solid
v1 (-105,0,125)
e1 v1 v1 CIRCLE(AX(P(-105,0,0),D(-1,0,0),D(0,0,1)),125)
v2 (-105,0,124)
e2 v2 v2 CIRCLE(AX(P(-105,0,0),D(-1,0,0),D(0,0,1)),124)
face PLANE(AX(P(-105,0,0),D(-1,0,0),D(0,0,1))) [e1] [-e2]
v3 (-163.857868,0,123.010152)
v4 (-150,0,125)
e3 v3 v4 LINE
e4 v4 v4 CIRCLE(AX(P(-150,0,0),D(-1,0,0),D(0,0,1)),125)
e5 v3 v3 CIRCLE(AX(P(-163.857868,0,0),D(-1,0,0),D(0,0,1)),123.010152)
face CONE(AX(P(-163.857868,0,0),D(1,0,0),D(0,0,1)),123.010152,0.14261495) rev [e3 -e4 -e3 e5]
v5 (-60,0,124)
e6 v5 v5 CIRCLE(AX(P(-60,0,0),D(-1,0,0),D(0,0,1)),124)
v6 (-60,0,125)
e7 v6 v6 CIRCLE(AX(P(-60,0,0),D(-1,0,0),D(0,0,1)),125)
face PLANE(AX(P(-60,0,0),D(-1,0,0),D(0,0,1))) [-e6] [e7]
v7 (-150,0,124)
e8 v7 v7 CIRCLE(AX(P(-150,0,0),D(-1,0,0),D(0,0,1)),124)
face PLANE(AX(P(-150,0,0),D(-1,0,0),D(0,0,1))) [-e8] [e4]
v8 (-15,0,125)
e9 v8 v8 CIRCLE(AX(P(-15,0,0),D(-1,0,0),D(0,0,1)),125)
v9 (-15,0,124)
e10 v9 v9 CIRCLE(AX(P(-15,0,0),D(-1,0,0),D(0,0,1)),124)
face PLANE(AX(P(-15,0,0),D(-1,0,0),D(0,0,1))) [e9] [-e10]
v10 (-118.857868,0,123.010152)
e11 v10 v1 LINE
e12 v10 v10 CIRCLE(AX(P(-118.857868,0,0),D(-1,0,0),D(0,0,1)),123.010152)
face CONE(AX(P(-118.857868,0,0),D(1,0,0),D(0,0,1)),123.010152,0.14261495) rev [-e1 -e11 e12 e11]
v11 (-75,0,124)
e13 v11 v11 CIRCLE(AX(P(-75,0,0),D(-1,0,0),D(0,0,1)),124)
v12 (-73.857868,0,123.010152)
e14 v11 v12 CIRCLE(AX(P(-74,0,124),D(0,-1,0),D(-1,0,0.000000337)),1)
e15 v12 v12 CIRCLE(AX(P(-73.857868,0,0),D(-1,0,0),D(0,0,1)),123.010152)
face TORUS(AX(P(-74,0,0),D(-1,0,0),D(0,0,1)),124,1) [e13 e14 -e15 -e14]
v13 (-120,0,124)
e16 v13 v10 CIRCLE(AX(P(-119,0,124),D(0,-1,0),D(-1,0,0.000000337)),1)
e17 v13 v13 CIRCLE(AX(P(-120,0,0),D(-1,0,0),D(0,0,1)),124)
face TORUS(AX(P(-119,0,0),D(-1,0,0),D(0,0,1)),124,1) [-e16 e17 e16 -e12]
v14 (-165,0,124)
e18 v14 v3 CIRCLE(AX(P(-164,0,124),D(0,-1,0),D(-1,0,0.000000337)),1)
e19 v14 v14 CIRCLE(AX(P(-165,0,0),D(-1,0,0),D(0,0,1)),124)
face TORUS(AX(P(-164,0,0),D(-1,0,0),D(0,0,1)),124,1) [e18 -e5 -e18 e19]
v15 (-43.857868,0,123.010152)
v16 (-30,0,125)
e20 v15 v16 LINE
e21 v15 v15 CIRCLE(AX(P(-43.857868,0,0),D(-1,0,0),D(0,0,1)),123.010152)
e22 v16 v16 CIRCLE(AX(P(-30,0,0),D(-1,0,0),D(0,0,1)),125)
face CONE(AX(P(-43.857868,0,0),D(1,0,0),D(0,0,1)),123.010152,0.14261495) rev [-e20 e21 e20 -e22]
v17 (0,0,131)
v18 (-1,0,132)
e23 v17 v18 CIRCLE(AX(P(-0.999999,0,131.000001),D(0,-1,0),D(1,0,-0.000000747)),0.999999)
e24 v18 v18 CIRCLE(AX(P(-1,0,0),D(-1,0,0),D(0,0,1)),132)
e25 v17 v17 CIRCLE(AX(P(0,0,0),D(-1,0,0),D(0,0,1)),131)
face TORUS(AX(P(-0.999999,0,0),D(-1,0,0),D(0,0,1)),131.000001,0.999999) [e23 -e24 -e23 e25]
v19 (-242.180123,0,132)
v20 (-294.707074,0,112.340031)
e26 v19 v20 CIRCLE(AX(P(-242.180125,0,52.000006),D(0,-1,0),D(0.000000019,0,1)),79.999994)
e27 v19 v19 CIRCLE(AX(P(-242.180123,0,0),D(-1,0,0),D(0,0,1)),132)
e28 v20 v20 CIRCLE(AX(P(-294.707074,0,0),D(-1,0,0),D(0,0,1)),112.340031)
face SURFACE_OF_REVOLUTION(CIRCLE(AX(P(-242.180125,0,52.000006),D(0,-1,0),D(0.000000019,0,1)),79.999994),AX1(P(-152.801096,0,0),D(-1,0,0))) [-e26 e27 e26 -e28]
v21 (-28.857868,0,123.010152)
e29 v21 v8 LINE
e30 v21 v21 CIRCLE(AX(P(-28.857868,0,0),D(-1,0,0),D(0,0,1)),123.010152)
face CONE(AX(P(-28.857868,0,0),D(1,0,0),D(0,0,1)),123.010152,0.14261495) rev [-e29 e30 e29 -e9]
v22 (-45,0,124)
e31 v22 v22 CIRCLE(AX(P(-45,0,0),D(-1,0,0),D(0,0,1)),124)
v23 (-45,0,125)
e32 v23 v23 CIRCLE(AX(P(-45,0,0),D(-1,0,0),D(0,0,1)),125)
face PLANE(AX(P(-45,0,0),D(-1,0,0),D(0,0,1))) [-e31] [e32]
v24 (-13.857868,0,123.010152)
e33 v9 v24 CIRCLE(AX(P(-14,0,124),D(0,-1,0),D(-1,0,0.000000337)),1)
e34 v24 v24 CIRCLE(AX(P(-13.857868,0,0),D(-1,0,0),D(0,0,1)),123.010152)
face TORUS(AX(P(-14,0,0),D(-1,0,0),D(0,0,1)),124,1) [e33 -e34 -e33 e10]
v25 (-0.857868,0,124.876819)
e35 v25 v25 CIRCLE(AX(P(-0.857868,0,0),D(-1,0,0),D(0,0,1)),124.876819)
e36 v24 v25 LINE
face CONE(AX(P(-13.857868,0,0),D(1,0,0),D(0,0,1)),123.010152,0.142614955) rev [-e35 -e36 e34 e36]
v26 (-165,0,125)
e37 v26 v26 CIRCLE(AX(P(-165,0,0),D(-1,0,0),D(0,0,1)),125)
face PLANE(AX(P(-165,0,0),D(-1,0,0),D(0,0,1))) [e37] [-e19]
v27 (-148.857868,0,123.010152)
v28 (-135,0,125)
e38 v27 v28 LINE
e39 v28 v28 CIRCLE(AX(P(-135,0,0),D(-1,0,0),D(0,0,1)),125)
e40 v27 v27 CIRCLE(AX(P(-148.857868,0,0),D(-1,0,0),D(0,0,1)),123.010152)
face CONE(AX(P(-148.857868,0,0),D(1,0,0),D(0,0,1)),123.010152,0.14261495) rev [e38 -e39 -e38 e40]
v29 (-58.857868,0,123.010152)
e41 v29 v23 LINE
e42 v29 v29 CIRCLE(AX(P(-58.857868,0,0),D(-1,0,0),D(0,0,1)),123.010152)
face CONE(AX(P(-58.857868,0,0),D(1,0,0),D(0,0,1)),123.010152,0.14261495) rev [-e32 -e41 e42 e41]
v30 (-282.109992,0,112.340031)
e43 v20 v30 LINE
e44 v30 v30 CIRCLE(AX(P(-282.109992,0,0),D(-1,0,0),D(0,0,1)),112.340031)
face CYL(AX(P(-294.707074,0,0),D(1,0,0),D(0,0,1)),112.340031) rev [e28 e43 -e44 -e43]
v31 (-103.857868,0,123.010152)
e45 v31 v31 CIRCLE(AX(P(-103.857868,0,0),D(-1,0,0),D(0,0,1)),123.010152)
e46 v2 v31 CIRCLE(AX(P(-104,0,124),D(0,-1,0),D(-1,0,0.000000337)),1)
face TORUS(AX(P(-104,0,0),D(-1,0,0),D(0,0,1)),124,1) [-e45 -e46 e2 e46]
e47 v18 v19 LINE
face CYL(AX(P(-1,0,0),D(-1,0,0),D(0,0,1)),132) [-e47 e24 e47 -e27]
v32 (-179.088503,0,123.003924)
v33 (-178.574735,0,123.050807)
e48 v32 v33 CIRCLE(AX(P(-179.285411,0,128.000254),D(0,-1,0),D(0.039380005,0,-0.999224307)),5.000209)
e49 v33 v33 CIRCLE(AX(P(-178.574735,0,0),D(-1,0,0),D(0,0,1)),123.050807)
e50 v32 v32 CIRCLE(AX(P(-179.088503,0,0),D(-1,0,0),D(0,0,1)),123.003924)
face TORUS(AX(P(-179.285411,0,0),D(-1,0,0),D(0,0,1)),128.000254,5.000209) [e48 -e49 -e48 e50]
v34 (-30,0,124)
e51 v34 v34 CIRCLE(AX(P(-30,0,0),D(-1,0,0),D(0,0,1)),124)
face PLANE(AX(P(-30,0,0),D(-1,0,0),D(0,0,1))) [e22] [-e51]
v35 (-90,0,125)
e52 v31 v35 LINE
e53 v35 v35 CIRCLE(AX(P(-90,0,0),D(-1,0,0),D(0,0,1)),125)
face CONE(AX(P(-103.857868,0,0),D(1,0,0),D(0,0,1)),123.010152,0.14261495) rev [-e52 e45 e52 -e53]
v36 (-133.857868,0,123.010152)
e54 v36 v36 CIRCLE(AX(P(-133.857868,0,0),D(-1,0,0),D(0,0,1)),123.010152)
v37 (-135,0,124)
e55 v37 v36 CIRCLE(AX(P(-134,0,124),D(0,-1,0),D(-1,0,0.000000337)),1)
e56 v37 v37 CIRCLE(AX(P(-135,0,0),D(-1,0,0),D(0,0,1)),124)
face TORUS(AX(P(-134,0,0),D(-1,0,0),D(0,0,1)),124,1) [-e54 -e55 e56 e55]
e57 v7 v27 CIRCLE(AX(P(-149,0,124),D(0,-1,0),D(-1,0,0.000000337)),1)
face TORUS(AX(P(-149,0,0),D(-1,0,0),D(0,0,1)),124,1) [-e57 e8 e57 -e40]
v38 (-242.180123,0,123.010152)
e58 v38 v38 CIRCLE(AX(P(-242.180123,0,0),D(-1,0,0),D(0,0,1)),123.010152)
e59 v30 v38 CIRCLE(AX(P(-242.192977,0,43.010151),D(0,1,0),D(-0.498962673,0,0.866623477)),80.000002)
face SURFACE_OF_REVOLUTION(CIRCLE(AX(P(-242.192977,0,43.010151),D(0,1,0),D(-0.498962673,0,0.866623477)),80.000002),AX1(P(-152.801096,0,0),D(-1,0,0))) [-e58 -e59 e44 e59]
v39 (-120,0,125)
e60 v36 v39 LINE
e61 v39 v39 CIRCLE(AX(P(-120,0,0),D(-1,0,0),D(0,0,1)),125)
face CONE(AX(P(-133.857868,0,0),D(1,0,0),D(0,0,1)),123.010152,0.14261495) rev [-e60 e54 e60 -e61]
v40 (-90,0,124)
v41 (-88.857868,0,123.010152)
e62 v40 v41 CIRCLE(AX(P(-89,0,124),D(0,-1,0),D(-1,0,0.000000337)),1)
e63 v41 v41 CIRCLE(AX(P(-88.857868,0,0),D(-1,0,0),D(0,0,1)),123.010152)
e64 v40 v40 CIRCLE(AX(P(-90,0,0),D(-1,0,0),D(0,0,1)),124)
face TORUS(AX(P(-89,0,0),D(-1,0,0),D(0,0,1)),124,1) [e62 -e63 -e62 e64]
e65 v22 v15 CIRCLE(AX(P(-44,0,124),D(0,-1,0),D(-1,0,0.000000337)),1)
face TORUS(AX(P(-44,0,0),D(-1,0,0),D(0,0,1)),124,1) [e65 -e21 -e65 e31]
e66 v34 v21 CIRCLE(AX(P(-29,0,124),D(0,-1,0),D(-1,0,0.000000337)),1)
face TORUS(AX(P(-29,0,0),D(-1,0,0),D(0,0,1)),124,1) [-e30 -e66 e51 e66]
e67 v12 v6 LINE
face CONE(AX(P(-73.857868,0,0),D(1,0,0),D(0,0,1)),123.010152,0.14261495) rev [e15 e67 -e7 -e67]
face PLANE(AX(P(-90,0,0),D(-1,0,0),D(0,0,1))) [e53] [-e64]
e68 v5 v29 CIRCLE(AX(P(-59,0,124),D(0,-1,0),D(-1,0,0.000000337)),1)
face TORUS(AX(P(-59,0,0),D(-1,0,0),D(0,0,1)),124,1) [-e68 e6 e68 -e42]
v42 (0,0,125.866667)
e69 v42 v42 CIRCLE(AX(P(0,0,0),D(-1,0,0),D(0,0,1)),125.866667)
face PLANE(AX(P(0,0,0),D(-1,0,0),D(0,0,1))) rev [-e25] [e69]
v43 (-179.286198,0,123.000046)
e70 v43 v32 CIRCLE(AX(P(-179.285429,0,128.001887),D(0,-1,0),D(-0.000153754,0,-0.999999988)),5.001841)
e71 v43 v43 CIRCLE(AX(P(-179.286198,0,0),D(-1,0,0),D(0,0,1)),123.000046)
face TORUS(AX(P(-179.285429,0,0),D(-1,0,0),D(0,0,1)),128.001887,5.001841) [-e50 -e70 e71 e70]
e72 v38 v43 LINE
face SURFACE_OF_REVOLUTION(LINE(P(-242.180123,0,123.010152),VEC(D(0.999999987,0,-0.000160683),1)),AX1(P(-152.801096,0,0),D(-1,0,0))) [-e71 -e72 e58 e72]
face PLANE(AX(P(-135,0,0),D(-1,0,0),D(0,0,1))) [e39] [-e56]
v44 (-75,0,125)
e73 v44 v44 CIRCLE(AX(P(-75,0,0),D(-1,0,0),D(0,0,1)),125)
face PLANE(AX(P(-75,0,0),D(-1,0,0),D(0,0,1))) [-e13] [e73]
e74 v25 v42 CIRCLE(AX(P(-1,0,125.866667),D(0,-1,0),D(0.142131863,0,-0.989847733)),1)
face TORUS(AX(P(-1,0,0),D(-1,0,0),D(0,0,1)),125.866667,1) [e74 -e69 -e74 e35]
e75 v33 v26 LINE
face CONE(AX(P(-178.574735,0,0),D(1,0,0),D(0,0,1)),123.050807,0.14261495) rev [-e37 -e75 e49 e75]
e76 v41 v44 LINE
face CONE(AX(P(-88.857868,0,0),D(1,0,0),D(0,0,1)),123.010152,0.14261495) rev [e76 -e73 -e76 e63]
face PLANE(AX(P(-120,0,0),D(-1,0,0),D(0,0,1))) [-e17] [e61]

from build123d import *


with BuildPart() as f1:
    # F0 (on Front) → F1 (revolve)
    with BuildSketch(Plane.XZ):
        with BuildLine():
            ThreePointArc((0, 131), (-0.292893, 131.707107), (-1, 132))
            Line((-1, 132), (-242.180123, 132))
            Line((-242.180123, 132), (-242.180123, 123.010152))
            Line((-242.180123, 123.010152), (-179.286198, 123.000046))
            ThreePointArc((-179.286198, 123.000046), (-179.187331, 123.001008), (-179.088503, 123.003924))
            ThreePointArc((-179.088503, 123.003924), (-178.831014, 123.020735), (-178.574735, 123.050807))
            Line((-178.574735, 123.050807), (-165, 125))
            Line((-165, 125), (-165, 124))
            ThreePointArc((-165, 124), (-164.654931, 123.244311), (-163.857868, 123.010152))
            Line((-163.857868, 123.010152), (-150, 125))
            Line((-150, 125), (-150, 124))
            ThreePointArc((-150, 124), (-149.654931, 123.244311), (-148.857868, 123.010152))
            Line((-148.857868, 123.010152), (-135, 125))
            Line((-135, 125), (-135, 124))
            ThreePointArc((-135, 124), (-134.654931, 123.244311), (-133.857868, 123.010152))
            Line((-133.857868, 123.010152), (-120, 125))
            Line((-120, 125), (-120, 124))
            ThreePointArc((-120, 124), (-119.654931, 123.244311), (-118.857868, 123.010152))
            Line((-118.857868, 123.010152), (-105, 125))
            Line((-105, 125), (-105, 124))
            ThreePointArc((-105, 124), (-104.654931, 123.244311), (-103.857868, 123.010152))
            Line((-103.857868, 123.010152), (-90, 125))
            Line((-90, 125), (-90, 124))
            ThreePointArc((-90, 124), (-89.654931, 123.244311), (-88.857868, 123.010152))
            Line((-88.857868, 123.010152), (-75, 125))
            Line((-75, 125), (-75, 124))
            ThreePointArc((-75, 124), (-74.654931, 123.244311), (-73.857868, 123.010152))
            Line((-73.857868, 123.010152), (-60, 125))
            Line((-60, 125), (-60, 124))
            ThreePointArc((-60, 124), (-59.654931, 123.244311), (-58.857868, 123.010152))
            Line((-58.857868, 123.010152), (-45, 125))
            Line((-45, 125), (-45, 124))
            ThreePointArc((-45, 124), (-44.654931, 123.244311), (-43.857868, 123.010152))
            Line((-43.857868, 123.010152), (-30, 125))
            Line((-30, 125), (-30, 124))
            ThreePointArc((-30, 124), (-29.654931, 123.244311), (-28.857868, 123.010152))
            Line((-28.857868, 123.010152), (-15, 125))
            Line((-15, 125), (-15, 124))
            ThreePointArc((-15, 124), (-14.654931, 123.244311), (-13.857868, 123.010152))
            Line((-13.857868, 123.010152), (-0.857868, 124.876819))
            ThreePointArc((-0.857868, 124.876819), (-0.244311, 125.211736), (0, 125.866667))
            Line((0, 125.866667), (0, 131))
        make_face()
        with BuildLine():
            Line((-242.180123, 123.010152), (-242.180123, 132))
            ThreePointArc((-242.180123, 132), (-270.222925, 126.92397), (-294.707074, 112.340031))
            Line((-294.707074, 112.340031), (-282.109992, 112.340031))
            ThreePointArc((-282.109992, 112.340031), (-262.846025, 120.298261), (-242.180123, 123.010152))
        make_face()
    revolve(axis=Axis((-152.801096, 0, 0), (-1, 0, 0)))


solid = f1.part
